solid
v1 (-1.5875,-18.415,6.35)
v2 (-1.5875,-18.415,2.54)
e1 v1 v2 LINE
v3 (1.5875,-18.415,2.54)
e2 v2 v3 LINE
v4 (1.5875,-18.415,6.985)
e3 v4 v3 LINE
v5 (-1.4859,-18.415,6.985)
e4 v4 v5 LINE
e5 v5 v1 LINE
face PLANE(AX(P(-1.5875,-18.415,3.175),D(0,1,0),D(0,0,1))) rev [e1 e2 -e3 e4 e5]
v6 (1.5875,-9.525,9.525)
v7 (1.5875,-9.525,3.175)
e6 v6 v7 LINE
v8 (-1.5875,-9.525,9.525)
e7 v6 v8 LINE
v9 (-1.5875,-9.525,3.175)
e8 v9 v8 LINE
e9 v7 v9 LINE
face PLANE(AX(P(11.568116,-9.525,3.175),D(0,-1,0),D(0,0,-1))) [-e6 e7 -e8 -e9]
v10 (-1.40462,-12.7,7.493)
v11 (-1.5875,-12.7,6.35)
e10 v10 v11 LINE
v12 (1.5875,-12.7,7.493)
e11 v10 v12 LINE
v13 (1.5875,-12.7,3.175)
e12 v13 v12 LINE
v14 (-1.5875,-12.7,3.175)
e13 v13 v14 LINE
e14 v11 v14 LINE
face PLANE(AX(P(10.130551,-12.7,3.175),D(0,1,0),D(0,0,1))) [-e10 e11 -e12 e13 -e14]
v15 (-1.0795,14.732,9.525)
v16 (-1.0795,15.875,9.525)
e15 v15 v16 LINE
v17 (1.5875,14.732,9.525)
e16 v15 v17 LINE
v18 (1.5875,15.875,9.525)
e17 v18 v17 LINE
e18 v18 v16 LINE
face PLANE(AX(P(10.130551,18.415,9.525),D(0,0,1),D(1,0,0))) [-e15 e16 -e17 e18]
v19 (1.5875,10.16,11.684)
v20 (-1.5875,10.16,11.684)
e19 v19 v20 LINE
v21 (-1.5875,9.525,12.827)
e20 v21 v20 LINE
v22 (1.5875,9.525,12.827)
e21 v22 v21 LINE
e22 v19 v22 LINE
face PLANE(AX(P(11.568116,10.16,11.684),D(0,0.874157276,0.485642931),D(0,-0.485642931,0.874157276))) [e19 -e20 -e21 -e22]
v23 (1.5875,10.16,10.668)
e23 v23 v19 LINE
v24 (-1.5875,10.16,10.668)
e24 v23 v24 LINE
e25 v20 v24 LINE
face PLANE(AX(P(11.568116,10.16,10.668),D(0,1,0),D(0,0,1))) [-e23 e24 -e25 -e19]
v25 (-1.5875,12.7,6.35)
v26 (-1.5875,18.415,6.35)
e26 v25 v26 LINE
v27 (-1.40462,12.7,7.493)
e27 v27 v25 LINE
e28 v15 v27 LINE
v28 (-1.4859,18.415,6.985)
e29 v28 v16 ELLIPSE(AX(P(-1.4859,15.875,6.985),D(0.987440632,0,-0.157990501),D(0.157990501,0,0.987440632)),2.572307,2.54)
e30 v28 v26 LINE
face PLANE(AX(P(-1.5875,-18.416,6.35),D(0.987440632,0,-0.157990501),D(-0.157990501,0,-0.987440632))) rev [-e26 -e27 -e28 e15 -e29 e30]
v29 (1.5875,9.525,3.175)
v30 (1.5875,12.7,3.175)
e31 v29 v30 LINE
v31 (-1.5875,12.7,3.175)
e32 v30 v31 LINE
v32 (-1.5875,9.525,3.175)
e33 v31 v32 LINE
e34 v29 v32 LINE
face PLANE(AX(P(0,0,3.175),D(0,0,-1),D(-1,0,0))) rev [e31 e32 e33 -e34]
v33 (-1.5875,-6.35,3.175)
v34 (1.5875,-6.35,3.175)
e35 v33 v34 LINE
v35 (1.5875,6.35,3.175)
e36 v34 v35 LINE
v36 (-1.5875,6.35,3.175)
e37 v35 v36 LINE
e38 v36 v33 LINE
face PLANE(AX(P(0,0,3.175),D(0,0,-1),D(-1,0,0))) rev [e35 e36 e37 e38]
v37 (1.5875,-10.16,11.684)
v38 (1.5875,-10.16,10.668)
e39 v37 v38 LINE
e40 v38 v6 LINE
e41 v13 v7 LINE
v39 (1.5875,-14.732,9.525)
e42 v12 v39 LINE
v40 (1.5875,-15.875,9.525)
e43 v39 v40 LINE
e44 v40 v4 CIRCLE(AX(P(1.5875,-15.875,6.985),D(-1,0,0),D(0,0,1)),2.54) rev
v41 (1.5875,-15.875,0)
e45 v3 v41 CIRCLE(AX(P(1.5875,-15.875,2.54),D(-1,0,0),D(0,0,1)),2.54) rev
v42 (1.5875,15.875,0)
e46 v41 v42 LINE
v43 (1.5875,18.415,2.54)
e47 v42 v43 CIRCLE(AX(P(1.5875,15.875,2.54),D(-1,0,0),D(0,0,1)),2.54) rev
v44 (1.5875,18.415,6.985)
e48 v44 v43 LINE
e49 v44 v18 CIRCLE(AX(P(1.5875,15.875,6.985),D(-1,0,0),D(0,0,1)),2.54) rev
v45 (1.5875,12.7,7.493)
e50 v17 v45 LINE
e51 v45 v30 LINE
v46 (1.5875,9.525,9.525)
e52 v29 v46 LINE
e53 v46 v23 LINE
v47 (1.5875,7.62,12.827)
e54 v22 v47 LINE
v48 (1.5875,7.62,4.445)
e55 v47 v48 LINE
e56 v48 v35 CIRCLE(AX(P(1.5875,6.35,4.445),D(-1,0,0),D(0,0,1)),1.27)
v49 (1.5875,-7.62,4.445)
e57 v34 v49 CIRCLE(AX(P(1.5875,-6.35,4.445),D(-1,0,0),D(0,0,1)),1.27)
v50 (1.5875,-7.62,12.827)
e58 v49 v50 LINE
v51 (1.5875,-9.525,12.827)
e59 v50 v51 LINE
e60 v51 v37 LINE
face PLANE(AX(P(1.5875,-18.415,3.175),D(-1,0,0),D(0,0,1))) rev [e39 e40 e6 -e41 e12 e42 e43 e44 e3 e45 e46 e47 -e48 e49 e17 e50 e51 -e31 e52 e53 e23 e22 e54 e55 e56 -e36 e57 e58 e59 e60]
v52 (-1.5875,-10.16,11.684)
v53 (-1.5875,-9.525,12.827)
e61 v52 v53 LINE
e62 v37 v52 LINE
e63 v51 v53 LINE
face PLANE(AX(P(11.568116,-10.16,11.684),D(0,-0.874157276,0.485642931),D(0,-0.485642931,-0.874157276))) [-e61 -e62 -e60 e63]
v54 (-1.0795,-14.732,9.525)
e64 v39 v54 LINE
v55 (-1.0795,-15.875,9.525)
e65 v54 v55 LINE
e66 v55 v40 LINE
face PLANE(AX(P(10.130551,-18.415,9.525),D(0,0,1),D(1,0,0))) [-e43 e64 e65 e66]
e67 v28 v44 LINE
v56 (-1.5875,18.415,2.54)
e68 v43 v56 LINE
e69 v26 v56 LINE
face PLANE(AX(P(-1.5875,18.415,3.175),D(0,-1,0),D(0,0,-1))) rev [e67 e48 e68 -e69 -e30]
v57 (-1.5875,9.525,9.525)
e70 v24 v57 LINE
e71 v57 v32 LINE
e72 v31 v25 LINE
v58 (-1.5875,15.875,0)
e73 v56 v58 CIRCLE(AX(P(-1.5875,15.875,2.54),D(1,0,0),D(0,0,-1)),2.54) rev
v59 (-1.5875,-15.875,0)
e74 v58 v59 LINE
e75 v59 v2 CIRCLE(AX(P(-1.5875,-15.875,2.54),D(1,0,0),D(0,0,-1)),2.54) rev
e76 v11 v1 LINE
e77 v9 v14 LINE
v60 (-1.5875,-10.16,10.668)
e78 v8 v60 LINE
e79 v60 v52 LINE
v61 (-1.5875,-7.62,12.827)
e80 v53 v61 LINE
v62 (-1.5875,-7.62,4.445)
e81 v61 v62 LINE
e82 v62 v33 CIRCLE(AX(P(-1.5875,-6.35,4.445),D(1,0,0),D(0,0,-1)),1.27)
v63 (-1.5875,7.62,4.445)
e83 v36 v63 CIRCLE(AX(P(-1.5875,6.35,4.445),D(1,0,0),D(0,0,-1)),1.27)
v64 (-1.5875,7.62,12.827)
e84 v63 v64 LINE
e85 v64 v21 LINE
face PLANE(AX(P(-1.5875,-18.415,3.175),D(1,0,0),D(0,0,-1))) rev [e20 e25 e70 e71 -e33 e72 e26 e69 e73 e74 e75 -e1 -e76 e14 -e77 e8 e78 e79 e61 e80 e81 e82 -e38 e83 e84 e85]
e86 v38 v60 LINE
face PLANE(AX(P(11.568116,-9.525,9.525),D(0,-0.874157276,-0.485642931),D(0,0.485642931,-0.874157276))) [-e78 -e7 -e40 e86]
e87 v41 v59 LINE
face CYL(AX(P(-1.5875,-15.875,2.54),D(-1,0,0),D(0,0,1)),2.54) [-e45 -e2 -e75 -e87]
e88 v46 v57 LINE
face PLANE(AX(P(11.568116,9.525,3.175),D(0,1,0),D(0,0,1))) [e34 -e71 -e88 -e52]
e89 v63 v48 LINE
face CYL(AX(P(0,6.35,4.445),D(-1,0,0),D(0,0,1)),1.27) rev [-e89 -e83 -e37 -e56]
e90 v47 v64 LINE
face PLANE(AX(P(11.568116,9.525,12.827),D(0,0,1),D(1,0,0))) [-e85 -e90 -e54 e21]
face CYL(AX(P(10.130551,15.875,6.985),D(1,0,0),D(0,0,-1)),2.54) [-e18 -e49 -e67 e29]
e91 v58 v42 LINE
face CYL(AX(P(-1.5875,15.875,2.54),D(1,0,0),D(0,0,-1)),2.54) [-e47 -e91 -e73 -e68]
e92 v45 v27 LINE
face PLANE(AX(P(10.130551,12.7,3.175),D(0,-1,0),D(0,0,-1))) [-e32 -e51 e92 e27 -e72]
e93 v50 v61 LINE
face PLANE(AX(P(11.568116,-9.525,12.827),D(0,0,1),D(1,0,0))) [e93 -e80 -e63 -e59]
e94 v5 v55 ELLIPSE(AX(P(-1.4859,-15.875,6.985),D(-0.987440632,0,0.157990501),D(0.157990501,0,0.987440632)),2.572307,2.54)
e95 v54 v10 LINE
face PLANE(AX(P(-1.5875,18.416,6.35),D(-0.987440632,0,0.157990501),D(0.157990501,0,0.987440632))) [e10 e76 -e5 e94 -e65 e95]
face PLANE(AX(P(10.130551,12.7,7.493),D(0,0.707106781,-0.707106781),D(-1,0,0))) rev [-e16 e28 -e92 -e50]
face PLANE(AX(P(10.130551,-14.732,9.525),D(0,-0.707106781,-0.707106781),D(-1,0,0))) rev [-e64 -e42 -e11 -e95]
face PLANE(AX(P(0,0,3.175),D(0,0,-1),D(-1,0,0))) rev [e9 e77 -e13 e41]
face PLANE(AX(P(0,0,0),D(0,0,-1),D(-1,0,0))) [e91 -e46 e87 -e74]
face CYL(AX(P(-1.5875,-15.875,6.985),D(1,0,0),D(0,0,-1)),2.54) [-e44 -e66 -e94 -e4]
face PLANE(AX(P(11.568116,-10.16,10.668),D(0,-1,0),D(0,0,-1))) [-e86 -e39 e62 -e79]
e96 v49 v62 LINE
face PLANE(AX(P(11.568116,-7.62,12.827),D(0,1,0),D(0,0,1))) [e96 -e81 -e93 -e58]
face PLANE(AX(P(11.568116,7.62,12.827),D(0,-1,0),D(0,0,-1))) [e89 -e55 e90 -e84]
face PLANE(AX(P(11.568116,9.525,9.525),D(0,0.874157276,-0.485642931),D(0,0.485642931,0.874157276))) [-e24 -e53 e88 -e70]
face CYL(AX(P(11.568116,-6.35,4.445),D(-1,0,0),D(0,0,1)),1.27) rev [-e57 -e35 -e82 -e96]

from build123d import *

# Parameters (mm, degrees)
SKETCH1_W          = 3.175
SKETCH1_H          = 36.83
BASE_DEPTH         = 3.175
SKETCH3_W          = 6.35
SKETCH3_H          = 5.715
RETAINER_DEPTH     = 3.175
TAB_DEPTH          = 3.175
FILLET1_R          = 1.27
FILLET2_R          = 2.54
CHAMFER1_SIZE      = 2.032
CUT_EXTRUDE1_REACH = 41.032


with BuildPart() as part:
    # Sketch1 → Base (new body)
    with BuildSketch(Plane.XY):
        Rectangle(SKETCH1_W, SKETCH1_H)
    extrude(amount=BASE_DEPTH)

    # Sketch3 → Retainer (add)
    with BuildSketch(Plane.ZY.offset(1.5875)):
        with Locations((6.35, 15.5575)):
            Rectangle(SKETCH3_W, SKETCH3_H)
        with Locations((6.35, -15.5575)):
            Rectangle(SKETCH3_W, SKETCH3_H)
    extrude(amount=-RETAINER_DEPTH)

    # Sketch5 → Tab (add)
    with BuildSketch(Plane.ZY.offset(1.5875)):
        Polygon((3.175, 9.525), (9.525, 9.525), (10.668, 10.16), (11.684, 10.16), (12.827, 9.525), (12.827, 7.62), (3.175, 7.62), align=None)
        Polygon((12.827, -7.62), (3.175, -7.62), (3.175, -9.525), (9.525, -9.525), (10.668, -10.16), (11.684, -10.16), (12.827, -9.525), align=None)
    extrude(amount=-TAB_DEPTH)

    # Fillet1
    fillet1_edges = [part.edges().sort_by_distance(p)[0] for p in [
        (0, 7.62, 3.175),
        (0, -7.62, 3.175),
    ]]
    fillet(fillet1_edges, radius=FILLET1_R)

    # Fillet2
    fillet2_edges = [part.edges().sort_by_distance(p)[0] for p in [
        (0, 18.415, 9.525),
        (0, -18.415, 9.525),
        (0, -18.415, 0),
        (0, 18.415, 0),
    ]]
    fillet(fillet2_edges, radius=FILLET2_R)

    # Chamfer1
    chamfer1_edges = [part.edges().sort_by_distance(p)[0] for p in [
        (0, 12.7, 9.525),
        (0, -12.7, 9.525),
    ]]
    chamfer(chamfer1_edges, length=CHAMFER1_SIZE)

    # Sketch6 → Cut-Extrude1 (cut, up to next)
    with BuildSketch(Plane(origin=(0, 18.415, 0), x_dir=(1, 0, 0), z_dir=(0, 1, 0)), mode=Mode.PRIVATE) as cut_extrude1_sk1:
        Polygon((-1.5875, -6.35), (-1.0795, -9.525), (-1.5875, -9.525), align=None)
    cut_extrude1_tool1 = extrude(cut_extrude1_sk1.sketch, amount=-CUT_EXTRUDE1_REACH, mode=Mode.PRIVATE) & part.part
    cut_extrude1 = cut_extrude1_tool1.solids().sort_by_distance((-1.418167, 18.415, 8.466667))[0]
    add(cut_extrude1, mode=Mode.SUBTRACT)

    # Mirror1: Cut-Extrude1 across plane
    add(cut_extrude1.mirror(Plane.ZX), mode=Mode.SUBTRACT)


solid = part.part
